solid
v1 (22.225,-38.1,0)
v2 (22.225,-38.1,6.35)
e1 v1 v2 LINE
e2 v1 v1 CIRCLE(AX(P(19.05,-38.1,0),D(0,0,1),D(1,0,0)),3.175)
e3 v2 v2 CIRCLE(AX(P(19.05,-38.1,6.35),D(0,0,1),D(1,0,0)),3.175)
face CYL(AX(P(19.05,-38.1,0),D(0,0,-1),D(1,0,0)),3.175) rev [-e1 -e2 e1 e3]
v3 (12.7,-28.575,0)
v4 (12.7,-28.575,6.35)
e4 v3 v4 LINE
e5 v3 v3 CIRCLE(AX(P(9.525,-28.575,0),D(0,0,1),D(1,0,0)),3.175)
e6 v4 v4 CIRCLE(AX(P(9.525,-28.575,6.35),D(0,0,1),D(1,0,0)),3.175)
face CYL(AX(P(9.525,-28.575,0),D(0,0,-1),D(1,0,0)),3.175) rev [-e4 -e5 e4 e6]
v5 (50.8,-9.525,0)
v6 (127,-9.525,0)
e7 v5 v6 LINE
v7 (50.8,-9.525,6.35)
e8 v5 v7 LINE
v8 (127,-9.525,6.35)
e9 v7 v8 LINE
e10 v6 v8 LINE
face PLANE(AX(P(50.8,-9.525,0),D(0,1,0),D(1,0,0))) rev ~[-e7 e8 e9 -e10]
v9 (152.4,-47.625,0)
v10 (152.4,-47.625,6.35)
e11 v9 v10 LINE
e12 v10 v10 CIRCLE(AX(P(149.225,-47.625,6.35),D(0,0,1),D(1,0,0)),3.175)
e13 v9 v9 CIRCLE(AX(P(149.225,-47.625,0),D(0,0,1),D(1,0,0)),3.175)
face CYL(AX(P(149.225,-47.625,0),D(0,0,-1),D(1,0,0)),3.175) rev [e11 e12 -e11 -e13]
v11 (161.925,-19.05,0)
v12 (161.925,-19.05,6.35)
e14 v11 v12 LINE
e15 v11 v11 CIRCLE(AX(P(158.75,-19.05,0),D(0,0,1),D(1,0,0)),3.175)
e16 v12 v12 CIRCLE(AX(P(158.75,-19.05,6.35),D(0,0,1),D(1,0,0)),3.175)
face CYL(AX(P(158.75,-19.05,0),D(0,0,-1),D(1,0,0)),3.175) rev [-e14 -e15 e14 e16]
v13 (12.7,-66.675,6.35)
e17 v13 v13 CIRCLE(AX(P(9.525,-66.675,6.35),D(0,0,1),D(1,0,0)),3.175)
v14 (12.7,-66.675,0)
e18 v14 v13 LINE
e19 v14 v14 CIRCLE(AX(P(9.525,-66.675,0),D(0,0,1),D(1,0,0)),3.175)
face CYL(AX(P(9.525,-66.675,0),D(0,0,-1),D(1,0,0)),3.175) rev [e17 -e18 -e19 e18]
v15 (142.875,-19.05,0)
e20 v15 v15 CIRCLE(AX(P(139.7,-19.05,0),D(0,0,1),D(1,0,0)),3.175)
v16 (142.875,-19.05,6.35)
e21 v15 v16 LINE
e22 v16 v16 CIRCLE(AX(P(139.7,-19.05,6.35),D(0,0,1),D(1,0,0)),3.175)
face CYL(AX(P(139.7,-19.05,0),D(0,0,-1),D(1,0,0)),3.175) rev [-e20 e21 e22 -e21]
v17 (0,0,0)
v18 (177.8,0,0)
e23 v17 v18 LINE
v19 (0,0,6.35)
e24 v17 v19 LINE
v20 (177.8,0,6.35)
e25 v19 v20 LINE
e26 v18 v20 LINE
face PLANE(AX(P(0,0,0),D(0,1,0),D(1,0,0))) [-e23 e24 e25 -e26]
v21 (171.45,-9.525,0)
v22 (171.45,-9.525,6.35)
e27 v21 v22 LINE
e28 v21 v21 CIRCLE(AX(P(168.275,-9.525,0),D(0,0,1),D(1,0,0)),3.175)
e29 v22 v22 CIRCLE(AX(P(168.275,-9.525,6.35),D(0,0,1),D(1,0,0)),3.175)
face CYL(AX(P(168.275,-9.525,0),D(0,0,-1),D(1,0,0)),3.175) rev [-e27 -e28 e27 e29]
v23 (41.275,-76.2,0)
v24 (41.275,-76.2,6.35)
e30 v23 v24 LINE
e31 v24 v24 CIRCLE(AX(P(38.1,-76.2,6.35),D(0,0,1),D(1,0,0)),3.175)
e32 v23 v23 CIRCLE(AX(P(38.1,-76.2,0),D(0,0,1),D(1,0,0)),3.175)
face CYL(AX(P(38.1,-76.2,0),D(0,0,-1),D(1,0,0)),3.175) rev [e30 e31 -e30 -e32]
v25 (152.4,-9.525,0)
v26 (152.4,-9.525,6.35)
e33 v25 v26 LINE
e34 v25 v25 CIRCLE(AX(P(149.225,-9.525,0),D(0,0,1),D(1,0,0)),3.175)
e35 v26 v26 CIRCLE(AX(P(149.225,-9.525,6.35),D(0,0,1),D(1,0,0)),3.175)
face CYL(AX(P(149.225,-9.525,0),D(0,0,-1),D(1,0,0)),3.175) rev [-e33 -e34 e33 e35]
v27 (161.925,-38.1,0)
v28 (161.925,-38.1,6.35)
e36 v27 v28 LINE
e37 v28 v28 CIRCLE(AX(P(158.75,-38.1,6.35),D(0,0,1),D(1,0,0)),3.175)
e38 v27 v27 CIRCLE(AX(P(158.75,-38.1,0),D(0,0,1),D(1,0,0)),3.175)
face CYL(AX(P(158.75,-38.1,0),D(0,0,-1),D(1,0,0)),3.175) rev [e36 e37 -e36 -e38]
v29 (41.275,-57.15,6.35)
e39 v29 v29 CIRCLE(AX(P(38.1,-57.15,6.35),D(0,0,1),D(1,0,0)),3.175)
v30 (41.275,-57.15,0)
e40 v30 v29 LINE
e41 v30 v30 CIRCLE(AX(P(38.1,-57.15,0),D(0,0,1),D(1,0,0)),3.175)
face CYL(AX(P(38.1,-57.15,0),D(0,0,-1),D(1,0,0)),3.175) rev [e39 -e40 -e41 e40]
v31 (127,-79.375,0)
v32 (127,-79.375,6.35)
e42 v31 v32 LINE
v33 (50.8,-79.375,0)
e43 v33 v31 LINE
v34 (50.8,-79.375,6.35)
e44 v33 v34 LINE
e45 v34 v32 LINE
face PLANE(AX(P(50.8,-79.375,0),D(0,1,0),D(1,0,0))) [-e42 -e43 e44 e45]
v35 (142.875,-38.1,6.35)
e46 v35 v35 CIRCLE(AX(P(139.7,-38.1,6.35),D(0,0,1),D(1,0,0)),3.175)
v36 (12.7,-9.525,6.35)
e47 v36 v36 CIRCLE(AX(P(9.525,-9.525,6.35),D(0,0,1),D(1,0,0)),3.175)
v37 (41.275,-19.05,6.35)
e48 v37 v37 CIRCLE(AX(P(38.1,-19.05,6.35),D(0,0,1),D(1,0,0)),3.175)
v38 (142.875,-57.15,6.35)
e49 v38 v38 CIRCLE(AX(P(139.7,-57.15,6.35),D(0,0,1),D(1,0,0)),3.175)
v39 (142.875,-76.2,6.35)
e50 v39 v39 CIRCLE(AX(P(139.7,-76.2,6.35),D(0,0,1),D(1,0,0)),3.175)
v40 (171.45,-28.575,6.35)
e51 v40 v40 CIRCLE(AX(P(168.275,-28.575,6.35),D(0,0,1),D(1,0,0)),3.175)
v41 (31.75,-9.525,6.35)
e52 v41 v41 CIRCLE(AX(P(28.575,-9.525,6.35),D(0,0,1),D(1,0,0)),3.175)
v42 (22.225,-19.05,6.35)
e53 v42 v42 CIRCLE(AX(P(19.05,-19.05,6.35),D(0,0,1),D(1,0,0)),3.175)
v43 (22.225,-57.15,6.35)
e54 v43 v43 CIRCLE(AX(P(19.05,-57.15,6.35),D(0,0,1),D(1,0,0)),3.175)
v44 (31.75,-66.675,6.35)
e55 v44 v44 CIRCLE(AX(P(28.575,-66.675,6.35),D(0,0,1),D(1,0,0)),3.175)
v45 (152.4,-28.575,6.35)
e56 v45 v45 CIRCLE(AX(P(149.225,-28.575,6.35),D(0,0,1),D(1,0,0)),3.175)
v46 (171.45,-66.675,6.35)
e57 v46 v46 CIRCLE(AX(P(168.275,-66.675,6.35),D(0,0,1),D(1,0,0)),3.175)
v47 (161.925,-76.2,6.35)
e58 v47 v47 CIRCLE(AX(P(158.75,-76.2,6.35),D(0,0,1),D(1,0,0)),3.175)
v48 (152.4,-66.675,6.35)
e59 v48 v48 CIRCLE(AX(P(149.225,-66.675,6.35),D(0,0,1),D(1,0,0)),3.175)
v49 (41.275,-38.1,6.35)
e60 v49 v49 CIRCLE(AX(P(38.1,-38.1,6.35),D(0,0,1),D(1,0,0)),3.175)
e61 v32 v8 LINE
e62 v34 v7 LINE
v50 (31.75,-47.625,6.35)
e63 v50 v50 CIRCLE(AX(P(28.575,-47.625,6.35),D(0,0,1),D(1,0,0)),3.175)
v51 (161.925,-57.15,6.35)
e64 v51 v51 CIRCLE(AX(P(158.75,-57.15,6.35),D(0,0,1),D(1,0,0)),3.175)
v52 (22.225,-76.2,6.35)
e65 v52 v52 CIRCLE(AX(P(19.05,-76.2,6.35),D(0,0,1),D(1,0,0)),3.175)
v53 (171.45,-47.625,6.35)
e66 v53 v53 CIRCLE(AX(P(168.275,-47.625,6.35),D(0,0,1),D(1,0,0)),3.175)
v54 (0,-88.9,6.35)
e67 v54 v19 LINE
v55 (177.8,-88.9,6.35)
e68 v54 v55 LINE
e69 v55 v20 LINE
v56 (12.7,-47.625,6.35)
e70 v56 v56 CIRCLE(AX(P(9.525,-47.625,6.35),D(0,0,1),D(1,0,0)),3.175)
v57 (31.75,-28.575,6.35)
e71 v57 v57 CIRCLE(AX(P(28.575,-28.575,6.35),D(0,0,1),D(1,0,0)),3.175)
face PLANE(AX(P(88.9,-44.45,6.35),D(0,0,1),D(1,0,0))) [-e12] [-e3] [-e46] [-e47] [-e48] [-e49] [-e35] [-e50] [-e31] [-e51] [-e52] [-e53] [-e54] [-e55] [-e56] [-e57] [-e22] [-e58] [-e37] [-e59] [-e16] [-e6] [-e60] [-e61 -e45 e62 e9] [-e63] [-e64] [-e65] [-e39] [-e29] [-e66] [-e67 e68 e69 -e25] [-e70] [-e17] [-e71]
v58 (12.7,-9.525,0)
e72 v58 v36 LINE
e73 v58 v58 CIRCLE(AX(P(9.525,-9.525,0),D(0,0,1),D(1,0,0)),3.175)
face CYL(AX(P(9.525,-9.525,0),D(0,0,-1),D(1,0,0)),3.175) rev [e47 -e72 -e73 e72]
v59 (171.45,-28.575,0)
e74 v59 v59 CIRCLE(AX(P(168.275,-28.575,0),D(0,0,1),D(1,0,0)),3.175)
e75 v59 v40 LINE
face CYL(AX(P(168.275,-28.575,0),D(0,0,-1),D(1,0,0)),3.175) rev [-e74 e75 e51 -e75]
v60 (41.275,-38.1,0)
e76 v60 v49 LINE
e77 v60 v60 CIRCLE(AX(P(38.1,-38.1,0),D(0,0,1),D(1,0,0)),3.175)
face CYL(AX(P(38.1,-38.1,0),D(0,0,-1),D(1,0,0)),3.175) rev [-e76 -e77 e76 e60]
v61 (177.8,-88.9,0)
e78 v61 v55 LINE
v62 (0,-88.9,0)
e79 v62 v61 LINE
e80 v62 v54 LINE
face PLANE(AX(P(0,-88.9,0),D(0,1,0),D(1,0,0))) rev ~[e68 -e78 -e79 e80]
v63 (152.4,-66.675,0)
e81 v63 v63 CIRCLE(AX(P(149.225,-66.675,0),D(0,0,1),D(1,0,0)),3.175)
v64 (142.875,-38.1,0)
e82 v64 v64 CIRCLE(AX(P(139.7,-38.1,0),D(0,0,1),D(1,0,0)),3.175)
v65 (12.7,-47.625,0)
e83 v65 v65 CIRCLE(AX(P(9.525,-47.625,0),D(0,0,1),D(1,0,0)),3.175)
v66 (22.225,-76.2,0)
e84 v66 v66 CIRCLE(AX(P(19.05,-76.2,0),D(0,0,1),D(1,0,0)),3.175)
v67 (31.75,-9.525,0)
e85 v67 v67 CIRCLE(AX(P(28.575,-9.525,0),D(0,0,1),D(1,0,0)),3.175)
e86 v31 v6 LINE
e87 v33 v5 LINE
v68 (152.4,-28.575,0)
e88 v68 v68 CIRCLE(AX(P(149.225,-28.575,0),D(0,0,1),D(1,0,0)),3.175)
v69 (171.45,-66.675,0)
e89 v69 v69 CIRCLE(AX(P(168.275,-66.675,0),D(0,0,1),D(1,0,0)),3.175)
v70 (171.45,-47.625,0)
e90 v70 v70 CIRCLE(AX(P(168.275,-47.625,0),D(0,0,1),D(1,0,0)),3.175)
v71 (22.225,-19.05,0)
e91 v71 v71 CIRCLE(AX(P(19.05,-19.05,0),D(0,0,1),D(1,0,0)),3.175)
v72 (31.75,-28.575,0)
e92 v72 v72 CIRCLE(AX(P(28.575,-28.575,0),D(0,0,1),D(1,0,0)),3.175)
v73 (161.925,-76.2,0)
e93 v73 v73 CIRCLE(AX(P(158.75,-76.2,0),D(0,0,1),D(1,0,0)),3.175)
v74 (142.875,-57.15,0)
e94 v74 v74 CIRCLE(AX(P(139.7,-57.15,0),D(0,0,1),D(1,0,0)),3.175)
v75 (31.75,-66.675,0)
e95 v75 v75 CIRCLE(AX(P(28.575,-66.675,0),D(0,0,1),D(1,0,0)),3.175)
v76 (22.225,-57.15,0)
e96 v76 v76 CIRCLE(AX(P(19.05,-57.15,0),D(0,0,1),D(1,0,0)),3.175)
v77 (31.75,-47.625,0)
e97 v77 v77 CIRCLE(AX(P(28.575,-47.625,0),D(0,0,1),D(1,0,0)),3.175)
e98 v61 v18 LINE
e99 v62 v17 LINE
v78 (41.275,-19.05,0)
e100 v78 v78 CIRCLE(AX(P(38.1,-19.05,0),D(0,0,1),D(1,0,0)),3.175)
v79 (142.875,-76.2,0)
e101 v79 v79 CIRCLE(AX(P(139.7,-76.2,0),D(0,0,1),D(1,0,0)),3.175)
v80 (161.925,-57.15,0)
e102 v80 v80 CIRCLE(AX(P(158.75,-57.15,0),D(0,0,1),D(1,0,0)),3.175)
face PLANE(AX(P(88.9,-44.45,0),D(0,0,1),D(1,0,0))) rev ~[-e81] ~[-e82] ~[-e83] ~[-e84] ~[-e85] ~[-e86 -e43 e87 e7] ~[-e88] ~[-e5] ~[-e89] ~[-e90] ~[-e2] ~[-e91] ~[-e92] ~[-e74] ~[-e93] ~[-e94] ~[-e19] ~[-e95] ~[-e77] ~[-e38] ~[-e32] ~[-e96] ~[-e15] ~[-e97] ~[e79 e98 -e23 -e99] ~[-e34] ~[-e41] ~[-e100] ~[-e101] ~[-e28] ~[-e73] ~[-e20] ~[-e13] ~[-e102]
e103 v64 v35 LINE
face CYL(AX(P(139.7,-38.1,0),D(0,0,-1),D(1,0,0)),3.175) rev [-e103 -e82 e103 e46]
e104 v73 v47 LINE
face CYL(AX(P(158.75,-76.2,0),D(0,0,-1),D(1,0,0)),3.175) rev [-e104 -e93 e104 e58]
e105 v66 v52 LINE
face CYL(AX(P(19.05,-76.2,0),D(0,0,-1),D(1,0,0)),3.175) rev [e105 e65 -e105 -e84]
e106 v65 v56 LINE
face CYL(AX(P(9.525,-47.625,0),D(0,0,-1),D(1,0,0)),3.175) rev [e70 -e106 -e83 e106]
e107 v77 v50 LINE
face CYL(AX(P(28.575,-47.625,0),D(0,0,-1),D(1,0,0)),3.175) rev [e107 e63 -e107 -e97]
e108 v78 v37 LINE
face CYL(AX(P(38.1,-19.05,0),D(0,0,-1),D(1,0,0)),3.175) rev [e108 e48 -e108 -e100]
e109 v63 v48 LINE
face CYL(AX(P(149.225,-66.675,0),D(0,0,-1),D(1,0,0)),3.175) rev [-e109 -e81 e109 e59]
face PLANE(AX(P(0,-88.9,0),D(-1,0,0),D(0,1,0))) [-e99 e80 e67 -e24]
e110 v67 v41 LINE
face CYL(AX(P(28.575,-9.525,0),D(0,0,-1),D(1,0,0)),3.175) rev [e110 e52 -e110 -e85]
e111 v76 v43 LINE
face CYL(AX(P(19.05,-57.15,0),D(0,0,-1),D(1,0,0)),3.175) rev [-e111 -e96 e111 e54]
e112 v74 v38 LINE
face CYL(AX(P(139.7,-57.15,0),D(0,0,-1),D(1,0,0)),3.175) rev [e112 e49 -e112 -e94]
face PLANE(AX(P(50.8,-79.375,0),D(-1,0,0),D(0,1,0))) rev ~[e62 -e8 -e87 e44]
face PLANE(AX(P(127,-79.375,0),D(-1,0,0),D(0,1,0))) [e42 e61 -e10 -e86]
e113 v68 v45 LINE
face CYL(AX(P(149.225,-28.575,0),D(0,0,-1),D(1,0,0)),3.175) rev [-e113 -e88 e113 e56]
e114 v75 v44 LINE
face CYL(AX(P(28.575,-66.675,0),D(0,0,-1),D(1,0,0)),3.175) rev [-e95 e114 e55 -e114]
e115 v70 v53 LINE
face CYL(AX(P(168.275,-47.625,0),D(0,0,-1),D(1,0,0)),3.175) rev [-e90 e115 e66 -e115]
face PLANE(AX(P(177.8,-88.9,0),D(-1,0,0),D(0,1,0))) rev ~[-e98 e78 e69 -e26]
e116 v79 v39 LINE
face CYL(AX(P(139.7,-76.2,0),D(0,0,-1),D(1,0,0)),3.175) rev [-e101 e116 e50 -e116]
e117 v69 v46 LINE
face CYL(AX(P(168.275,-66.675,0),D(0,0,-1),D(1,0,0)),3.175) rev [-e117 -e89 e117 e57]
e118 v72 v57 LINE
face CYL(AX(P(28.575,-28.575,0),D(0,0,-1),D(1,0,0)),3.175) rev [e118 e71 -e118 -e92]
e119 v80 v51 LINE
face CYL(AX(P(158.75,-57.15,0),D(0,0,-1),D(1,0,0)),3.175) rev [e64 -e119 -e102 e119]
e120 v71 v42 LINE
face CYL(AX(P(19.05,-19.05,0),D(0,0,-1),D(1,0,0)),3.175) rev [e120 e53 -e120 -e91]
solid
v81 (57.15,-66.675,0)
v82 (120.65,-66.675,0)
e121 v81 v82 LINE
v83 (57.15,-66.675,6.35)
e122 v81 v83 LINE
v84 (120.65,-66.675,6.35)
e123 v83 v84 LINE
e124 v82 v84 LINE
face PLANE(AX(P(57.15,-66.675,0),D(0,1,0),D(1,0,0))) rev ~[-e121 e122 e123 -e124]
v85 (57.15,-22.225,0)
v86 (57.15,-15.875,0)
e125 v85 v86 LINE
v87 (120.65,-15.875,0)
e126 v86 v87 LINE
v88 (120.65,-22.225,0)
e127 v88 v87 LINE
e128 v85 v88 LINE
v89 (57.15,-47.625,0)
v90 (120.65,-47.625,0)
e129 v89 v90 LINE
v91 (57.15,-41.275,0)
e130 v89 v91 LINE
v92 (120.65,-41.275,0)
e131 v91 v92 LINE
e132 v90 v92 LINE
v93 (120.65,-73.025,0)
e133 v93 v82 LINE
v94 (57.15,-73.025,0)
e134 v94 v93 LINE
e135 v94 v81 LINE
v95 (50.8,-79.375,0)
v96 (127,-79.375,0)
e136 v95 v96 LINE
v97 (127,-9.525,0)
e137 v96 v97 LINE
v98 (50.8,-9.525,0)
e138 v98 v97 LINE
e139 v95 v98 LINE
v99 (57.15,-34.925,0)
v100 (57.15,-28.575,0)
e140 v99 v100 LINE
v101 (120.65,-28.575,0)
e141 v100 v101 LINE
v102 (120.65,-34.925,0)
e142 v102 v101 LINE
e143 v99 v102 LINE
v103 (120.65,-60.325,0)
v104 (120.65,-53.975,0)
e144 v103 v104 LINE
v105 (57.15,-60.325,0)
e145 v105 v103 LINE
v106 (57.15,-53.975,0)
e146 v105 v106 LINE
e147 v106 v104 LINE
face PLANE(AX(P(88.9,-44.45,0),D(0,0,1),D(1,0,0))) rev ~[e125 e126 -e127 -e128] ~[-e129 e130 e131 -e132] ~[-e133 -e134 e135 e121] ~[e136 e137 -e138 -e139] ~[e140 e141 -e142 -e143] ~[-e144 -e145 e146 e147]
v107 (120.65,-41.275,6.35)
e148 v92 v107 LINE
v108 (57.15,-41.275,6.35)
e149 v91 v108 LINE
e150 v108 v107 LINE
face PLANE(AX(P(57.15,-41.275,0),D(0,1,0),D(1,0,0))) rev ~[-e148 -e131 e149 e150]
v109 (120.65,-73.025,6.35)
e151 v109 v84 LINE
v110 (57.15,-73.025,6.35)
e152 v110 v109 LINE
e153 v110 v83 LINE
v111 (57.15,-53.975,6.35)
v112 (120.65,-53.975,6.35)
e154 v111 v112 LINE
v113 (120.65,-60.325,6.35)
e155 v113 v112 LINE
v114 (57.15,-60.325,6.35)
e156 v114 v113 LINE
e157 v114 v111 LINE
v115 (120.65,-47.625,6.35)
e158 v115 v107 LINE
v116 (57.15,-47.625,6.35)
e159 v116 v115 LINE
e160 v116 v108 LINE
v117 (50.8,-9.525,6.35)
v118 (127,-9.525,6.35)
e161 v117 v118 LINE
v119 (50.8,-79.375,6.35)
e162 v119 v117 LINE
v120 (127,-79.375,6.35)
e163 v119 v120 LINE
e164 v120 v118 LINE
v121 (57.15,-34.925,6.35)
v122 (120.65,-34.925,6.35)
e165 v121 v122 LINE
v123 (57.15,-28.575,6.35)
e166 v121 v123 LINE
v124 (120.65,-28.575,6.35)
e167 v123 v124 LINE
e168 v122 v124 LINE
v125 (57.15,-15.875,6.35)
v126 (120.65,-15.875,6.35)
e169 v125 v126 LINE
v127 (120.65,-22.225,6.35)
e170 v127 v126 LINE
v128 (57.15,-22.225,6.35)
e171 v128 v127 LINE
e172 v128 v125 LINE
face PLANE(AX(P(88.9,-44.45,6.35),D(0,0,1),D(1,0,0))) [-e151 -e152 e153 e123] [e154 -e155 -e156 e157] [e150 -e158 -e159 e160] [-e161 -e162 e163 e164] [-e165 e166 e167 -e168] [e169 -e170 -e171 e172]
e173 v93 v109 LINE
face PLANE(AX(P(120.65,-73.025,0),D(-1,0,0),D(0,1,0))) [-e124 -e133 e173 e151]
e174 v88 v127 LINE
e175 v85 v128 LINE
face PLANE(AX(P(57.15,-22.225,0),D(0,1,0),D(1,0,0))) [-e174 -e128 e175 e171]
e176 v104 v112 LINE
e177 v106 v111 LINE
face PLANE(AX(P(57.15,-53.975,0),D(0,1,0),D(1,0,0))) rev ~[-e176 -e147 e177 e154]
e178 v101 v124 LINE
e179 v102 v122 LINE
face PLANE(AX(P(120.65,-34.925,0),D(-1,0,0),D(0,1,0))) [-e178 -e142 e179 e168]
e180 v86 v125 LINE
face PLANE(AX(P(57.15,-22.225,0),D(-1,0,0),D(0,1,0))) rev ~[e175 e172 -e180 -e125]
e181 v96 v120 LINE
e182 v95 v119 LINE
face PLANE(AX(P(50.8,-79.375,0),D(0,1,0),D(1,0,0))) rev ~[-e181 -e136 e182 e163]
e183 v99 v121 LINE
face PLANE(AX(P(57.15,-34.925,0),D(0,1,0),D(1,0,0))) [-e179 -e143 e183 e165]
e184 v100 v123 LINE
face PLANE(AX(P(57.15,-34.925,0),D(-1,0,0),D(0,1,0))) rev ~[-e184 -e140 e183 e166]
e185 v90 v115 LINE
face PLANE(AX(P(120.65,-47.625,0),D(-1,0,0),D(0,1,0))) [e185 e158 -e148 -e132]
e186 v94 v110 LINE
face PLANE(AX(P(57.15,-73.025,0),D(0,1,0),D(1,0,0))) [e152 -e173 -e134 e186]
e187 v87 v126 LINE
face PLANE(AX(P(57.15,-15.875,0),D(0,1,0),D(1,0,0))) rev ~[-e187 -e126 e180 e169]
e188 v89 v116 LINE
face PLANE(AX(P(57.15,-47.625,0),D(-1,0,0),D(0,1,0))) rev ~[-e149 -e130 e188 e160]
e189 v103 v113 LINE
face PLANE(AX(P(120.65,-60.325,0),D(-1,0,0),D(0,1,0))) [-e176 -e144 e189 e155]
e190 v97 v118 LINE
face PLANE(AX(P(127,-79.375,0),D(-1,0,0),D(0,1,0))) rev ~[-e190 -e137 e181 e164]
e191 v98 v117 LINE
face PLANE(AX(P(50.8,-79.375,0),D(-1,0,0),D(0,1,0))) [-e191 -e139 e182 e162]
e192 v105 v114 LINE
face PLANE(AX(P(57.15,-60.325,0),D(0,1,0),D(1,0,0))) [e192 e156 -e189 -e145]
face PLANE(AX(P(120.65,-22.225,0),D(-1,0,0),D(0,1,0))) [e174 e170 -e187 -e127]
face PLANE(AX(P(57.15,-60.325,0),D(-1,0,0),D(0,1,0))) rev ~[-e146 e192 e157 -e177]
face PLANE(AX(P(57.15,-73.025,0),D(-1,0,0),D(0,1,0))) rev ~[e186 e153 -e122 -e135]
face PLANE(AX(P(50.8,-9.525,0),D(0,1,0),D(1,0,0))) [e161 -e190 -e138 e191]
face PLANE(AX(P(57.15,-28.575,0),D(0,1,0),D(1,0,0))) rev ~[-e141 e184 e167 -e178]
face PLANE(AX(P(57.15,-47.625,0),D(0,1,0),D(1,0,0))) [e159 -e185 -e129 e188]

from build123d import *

# Parameters (mm, degrees)
F0_W     = 177.8
F0_H     = 88.9
F0_R     = 3.175
F0_W_2   = 76.2
F0_H_2   = 69.85
F1_DEPTH = 6.35
F0_W_3   = 63.5
F0_H_3   = 6.35
F2_DEPTH = 6.35


with BuildPart() as f1:
    # F0 (on Top) → F1 (new body)
    with BuildSketch(Plane.XY):
        with Locations((88.9, -44.45)):
            Rectangle(F0_W, F0_H)
        with Locations((19.05, -76.2)):
            Circle(F0_R, mode=Mode.SUBTRACT)
        with Locations((38.1, -76.2)):
            Circle(F0_R, mode=Mode.SUBTRACT)
        with Locations((9.525, -66.675)):
            Circle(F0_R, mode=Mode.SUBTRACT)
        with Locations((19.05, -57.15)):
            Circle(F0_R, mode=Mode.SUBTRACT)
        with Locations((28.575, -66.675)):
            Circle(F0_R, mode=Mode.SUBTRACT)
        with Locations((38.1, -57.15)):
            Circle(F0_R, mode=Mode.SUBTRACT)
        with Locations((9.525, -47.625)):
            Circle(F0_R, mode=Mode.SUBTRACT)
        with Locations((28.575, -47.625)):
            Circle(F0_R, mode=Mode.SUBTRACT)
        with Locations((139.7, -76.2)):
            Circle(F0_R, mode=Mode.SUBTRACT)
        with Locations((158.75, -76.2)):
            Circle(F0_R, mode=Mode.SUBTRACT)
        with Locations((149.225, -66.675)):
            Circle(F0_R, mode=Mode.SUBTRACT)
        with Locations((139.7, -57.15)):
            Circle(F0_R, mode=Mode.SUBTRACT)
        with Locations((168.275, -66.675)):
            Circle(F0_R, mode=Mode.SUBTRACT)
        with Locations((158.75, -57.15)):
            Circle(F0_R, mode=Mode.SUBTRACT)
        with Locations((149.225, -47.625)):
            Circle(F0_R, mode=Mode.SUBTRACT)
        with Locations((168.275, -47.625)):
            Circle(F0_R, mode=Mode.SUBTRACT)
        with Locations((19.05, -38.1)):
            Circle(F0_R, mode=Mode.SUBTRACT)
        with Locations((38.1, -38.1)):
            Circle(F0_R, mode=Mode.SUBTRACT)
        with Locations((9.525, -28.575)):
            Circle(F0_R, mode=Mode.SUBTRACT)
        with Locations((28.575, -28.575)):
            Circle(F0_R, mode=Mode.SUBTRACT)
        with Locations((19.05, -19.05)):
            Circle(F0_R, mode=Mode.SUBTRACT)
        with Locations((38.1, -19.05)):
            Circle(F0_R, mode=Mode.SUBTRACT)
        with Locations((9.525, -9.525)):
            Circle(F0_R, mode=Mode.SUBTRACT)
        with Locations((28.575, -9.525)):
            Circle(F0_R, mode=Mode.SUBTRACT)
        with Locations((88.9, -44.45)):
            Rectangle(F0_W_2, F0_H_2, mode=Mode.SUBTRACT)
        with Locations((139.7, -38.1)):
            Circle(F0_R, mode=Mode.SUBTRACT)
        with Locations((158.75, -38.1)):
            Circle(F0_R, mode=Mode.SUBTRACT)
        with Locations((149.225, -28.575)):
            Circle(F0_R, mode=Mode.SUBTRACT)
        with Locations((168.275, -28.575)):
            Circle(F0_R, mode=Mode.SUBTRACT)
        with Locations((139.7, -19.05)):
            Circle(F0_R, mode=Mode.SUBTRACT)
        with Locations((158.75, -19.05)):
            Circle(F0_R, mode=Mode.SUBTRACT)
        with Locations((149.225, -9.525)):
            Circle(F0_R, mode=Mode.SUBTRACT)
        with Locations((168.275, -9.525)):
            Circle(F0_R, mode=Mode.SUBTRACT)
    extrude(amount=F1_DEPTH)


with BuildPart() as f2:
    # F0 (on Top) → F2 (new body)
    with BuildSketch(Plane.XY):
        with Locations((88.9, -44.45)):
            Rectangle(F0_W_2, F0_H_2)
        with Locations((88.9, -69.85)):
            Rectangle(F0_W_3, F0_H_3, mode=Mode.SUBTRACT)
        with Locations((88.9, -57.15)):
            Rectangle(F0_W_3, F0_H_3, mode=Mode.SUBTRACT)
        with Locations((88.9, -44.45)):
            Rectangle(F0_W_3, F0_H_3, mode=Mode.SUBTRACT)
        with Locations((88.9, -31.75)):
            Rectangle(F0_W_3, F0_H_3, mode=Mode.SUBTRACT)
        with Locations((88.9, -19.05)):
            Rectangle(F0_W_3, F0_H_3, mode=Mode.SUBTRACT)
    extrude(amount=F2_DEPTH)


solid = Compound([f1.part, f2.part])
